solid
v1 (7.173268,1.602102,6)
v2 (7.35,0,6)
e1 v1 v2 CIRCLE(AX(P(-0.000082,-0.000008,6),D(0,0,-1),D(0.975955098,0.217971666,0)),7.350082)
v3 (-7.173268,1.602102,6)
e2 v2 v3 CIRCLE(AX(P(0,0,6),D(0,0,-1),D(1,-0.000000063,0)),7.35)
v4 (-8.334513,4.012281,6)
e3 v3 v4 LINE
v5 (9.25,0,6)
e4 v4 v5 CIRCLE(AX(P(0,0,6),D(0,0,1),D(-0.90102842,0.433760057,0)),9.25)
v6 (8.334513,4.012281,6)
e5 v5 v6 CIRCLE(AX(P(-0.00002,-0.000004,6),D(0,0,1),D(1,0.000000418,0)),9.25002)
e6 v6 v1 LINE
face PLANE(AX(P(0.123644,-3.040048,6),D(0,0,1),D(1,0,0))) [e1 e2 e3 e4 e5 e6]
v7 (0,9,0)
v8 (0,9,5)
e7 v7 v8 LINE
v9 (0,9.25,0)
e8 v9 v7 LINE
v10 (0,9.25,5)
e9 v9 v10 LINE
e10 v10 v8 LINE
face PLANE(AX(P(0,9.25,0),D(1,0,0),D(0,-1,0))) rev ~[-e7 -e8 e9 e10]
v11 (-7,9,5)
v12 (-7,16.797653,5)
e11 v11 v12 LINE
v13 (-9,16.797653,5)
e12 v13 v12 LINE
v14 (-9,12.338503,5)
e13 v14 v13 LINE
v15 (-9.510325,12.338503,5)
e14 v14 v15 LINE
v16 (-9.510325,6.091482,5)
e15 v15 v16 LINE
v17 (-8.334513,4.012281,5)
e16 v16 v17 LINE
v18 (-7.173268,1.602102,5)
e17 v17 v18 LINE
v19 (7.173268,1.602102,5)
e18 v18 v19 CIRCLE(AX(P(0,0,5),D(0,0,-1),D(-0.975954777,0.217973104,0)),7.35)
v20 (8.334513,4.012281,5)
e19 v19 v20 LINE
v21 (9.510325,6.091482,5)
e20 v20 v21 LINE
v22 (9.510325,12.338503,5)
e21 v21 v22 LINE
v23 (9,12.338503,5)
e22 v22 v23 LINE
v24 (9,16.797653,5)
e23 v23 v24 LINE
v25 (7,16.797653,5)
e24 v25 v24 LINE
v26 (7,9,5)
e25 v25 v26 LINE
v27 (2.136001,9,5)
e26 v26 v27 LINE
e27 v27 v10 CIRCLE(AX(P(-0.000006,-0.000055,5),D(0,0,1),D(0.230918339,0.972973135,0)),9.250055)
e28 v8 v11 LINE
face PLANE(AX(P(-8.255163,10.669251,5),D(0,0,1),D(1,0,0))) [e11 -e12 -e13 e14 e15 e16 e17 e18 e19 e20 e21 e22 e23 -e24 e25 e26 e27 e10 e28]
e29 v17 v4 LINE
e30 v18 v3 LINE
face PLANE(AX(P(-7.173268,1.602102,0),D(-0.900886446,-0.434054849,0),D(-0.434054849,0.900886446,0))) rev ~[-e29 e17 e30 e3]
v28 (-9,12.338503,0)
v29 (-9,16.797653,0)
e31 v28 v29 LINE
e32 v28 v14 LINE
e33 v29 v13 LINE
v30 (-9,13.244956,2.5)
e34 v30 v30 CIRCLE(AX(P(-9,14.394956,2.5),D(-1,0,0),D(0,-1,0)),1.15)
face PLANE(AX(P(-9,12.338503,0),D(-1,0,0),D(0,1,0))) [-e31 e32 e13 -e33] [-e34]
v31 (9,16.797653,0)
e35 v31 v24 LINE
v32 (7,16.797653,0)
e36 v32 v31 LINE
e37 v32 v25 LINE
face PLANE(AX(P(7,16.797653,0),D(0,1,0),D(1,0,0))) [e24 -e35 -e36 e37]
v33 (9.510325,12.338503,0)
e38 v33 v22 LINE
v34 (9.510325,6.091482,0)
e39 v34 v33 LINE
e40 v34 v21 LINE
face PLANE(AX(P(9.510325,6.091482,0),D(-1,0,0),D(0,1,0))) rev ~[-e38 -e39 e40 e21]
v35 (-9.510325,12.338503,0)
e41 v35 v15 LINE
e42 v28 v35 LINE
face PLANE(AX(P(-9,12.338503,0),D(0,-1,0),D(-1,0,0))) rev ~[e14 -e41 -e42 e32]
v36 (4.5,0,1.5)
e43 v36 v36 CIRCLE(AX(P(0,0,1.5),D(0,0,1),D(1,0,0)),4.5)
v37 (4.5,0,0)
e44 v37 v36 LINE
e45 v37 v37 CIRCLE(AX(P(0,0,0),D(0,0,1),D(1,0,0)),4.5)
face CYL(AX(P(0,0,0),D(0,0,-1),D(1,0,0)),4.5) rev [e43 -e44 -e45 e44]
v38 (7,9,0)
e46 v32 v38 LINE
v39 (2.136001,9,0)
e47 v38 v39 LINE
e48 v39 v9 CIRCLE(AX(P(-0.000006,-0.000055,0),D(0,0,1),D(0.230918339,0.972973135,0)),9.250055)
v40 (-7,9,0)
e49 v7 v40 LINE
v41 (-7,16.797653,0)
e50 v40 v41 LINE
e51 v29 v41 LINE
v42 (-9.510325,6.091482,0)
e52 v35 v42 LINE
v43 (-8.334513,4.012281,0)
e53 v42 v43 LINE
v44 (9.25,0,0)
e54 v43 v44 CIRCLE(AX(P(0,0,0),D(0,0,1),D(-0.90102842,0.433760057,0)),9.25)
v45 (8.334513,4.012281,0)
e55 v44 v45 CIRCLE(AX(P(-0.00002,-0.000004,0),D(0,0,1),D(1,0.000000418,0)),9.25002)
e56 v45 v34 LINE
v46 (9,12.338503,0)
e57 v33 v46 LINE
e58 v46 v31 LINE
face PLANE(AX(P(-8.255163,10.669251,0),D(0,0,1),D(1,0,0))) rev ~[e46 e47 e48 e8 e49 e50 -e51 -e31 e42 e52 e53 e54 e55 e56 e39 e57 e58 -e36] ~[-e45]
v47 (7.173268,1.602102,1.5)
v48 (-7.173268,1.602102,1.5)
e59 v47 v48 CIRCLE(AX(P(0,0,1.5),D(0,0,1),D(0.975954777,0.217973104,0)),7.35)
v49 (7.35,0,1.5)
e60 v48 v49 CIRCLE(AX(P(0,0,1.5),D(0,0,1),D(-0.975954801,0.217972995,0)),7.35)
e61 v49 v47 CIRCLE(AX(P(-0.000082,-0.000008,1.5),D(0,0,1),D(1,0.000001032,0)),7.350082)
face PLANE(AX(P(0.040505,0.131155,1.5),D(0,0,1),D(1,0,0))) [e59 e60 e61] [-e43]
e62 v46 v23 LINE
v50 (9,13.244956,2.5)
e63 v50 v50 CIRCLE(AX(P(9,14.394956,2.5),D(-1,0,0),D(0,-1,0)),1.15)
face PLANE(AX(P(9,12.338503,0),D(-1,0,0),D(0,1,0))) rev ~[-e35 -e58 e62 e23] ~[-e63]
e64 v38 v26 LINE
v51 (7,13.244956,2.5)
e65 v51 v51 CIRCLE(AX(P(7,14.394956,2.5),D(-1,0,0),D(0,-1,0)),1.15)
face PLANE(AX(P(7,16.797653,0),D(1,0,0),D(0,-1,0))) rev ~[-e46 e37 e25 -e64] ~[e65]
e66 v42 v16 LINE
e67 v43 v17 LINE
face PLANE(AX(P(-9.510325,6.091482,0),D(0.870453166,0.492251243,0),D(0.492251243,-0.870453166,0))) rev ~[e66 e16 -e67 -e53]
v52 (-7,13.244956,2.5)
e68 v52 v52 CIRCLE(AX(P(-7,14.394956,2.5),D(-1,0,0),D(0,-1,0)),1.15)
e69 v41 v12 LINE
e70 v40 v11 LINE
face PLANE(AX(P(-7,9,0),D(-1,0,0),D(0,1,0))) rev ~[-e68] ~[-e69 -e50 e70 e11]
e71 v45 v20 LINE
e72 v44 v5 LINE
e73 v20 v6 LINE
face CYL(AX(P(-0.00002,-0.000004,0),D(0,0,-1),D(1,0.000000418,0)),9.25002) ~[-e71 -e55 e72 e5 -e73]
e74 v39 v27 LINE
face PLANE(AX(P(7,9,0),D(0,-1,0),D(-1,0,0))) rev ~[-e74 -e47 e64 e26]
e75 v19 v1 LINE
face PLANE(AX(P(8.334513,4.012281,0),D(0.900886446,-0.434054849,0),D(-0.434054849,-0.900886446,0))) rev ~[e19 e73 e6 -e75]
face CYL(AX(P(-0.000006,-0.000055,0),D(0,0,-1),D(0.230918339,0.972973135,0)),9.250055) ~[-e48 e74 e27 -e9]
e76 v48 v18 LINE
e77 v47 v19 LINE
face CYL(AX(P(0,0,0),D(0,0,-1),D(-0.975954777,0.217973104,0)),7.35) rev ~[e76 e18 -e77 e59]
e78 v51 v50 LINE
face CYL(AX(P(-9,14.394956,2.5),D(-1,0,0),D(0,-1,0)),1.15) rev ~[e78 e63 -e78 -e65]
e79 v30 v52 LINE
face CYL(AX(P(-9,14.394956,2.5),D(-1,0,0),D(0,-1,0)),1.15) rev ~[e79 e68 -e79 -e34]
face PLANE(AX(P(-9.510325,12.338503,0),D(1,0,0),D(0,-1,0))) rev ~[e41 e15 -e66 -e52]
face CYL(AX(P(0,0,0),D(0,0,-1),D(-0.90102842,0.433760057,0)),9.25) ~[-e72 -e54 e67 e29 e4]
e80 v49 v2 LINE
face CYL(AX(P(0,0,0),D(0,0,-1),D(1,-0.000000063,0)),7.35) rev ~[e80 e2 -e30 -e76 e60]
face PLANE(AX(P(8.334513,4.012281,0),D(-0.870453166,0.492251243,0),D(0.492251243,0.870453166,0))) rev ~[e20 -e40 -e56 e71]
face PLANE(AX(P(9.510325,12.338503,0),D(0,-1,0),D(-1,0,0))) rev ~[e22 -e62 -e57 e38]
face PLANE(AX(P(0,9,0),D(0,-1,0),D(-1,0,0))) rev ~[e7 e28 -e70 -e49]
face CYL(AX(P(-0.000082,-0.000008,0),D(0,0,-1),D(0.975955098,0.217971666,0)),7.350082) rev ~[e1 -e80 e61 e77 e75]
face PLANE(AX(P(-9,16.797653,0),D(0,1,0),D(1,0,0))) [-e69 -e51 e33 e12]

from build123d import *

# Parameters (mm, degrees)
F0_R     = 4.5
F1_DEPTH = 1.5
F0_W     = 2
F0_H     = 4.459151
F2_DEPTH = 5
F3_DEPTH = 6
F4_R     = 1.15
F5_DEPTH = 25


with BuildPart() as f1:
    # F0 (on Top) → F1 (new body)
    with BuildSketch(Plane.XY):
        with BuildLine():
            ThreePointArc((-7.173268, 1.602102), (-0.80591, -7.305683), (7.35, 0))
            ThreePointArc((7.35, 0), (7.305683, 0.80591), (7.173268, 1.602102))
            ThreePointArc((7.173268, 1.602102), (0, 7.35), (-7.173268, 1.602102))
        make_face()
        Circle(F0_R, mode=Mode.SUBTRACT)
    extrude(amount=F1_DEPTH)

    # F0 (on Top) → F2 (join)
    with BuildSketch(Plane.XY):
        Polygon((-9.510325, 9), (-7, 9), (-7, 12.338503), (-9, 12.338503), (-9.510325, 12.338503), align=None)
        with BuildLine():
            Line((-9.510325, 6.091482), (-8.334513, 4.012281))
            ThreePointArc((-8.334513, 4.012281), (-5.798901, 7.206612), (-2.136001, 9))
            Line((-2.136001, 9), (-7, 9))
            Line((-7, 9), (-9.510325, 9))
            Line((-9.510325, 9), (-9.510325, 6.091482))
        make_face()
        with BuildLine():
            ThreePointArc((-7.173268, 1.602102), (0, 7.35), (7.173268, 1.602102))
            Line((7.173268, 1.602102), (8.334513, 4.012281))
            ThreePointArc((8.334513, 4.012281), (5.798901, 7.206612), (2.136001, 9))
            Line((2.136001, 9), (0, 9))
            Line((0, 9), (-2.136001, 9))
            ThreePointArc((-2.136001, 9), (-5.798901, 7.206612), (-8.334513, 4.012281))
            Line((-8.334513, 4.012281), (-7.173268, 1.602102))
        make_face()
        with BuildLine():
            Line((0, 9), (2.136001, 9))
            ThreePointArc((2.136001, 9), (1.075291, 9.187287), (0, 9.25))
            Line((0, 9.25), (0, 9))
        make_face()
        Polygon((7, 12.338503), (7, 9), (9.510325, 9), (9.510325, 12.338503), (9, 12.338503), align=None)
        with Locations((-8, 14.568078)):
            Rectangle(F0_W, F0_H)
        with Locations((8, 14.568078)):
            Rectangle(F0_W, F0_H)
        with BuildLine():
            ThreePointArc((2.136001, 9), (5.798901, 7.206612), (8.334513, 4.012281))
            Line((8.334513, 4.012281), (9.510325, 6.091482))
            Line((9.510325, 6.091482), (9.510325, 9))
            Line((9.510325, 9), (7, 9))
            Line((7, 9), (2.136001, 9))
        make_face()
    extrude(amount=F2_DEPTH)

    # F0 (on Top) → F3 (join)
    with BuildSketch(Plane.XY):
        with BuildLine():
            ThreePointArc((7.173268, 1.602102), (7.305683, 0.80591), (7.35, 0))
            ThreePointArc((7.35, 0), (-0.80591, -7.305683), (-7.173268, 1.602102))
            Line((-7.173268, 1.602102), (-8.334513, 4.012281))
            ThreePointArc((-8.334513, 4.012281), (-2.0577, -9.018224), (9.25, 0))
            ThreePointArc((9.25, 0), (9.018224, 2.0577), (8.334513, 4.012281))
            Line((8.334513, 4.012281), (7.173268, 1.602102))
        make_face()
    extrude(amount=F3_DEPTH)

    # F4 (on face) → F5 (cut)
    with BuildSketch(Plane(origin=(-9, 0, 0), x_dir=(0, -1, 0), z_dir=(-1, 0, 0))):
        with Locations((-14.394956, 2.5)):
            Circle(F4_R)
    extrude(amount=-F5_DEPTH, mode=Mode.SUBTRACT)


solid = f1.part
